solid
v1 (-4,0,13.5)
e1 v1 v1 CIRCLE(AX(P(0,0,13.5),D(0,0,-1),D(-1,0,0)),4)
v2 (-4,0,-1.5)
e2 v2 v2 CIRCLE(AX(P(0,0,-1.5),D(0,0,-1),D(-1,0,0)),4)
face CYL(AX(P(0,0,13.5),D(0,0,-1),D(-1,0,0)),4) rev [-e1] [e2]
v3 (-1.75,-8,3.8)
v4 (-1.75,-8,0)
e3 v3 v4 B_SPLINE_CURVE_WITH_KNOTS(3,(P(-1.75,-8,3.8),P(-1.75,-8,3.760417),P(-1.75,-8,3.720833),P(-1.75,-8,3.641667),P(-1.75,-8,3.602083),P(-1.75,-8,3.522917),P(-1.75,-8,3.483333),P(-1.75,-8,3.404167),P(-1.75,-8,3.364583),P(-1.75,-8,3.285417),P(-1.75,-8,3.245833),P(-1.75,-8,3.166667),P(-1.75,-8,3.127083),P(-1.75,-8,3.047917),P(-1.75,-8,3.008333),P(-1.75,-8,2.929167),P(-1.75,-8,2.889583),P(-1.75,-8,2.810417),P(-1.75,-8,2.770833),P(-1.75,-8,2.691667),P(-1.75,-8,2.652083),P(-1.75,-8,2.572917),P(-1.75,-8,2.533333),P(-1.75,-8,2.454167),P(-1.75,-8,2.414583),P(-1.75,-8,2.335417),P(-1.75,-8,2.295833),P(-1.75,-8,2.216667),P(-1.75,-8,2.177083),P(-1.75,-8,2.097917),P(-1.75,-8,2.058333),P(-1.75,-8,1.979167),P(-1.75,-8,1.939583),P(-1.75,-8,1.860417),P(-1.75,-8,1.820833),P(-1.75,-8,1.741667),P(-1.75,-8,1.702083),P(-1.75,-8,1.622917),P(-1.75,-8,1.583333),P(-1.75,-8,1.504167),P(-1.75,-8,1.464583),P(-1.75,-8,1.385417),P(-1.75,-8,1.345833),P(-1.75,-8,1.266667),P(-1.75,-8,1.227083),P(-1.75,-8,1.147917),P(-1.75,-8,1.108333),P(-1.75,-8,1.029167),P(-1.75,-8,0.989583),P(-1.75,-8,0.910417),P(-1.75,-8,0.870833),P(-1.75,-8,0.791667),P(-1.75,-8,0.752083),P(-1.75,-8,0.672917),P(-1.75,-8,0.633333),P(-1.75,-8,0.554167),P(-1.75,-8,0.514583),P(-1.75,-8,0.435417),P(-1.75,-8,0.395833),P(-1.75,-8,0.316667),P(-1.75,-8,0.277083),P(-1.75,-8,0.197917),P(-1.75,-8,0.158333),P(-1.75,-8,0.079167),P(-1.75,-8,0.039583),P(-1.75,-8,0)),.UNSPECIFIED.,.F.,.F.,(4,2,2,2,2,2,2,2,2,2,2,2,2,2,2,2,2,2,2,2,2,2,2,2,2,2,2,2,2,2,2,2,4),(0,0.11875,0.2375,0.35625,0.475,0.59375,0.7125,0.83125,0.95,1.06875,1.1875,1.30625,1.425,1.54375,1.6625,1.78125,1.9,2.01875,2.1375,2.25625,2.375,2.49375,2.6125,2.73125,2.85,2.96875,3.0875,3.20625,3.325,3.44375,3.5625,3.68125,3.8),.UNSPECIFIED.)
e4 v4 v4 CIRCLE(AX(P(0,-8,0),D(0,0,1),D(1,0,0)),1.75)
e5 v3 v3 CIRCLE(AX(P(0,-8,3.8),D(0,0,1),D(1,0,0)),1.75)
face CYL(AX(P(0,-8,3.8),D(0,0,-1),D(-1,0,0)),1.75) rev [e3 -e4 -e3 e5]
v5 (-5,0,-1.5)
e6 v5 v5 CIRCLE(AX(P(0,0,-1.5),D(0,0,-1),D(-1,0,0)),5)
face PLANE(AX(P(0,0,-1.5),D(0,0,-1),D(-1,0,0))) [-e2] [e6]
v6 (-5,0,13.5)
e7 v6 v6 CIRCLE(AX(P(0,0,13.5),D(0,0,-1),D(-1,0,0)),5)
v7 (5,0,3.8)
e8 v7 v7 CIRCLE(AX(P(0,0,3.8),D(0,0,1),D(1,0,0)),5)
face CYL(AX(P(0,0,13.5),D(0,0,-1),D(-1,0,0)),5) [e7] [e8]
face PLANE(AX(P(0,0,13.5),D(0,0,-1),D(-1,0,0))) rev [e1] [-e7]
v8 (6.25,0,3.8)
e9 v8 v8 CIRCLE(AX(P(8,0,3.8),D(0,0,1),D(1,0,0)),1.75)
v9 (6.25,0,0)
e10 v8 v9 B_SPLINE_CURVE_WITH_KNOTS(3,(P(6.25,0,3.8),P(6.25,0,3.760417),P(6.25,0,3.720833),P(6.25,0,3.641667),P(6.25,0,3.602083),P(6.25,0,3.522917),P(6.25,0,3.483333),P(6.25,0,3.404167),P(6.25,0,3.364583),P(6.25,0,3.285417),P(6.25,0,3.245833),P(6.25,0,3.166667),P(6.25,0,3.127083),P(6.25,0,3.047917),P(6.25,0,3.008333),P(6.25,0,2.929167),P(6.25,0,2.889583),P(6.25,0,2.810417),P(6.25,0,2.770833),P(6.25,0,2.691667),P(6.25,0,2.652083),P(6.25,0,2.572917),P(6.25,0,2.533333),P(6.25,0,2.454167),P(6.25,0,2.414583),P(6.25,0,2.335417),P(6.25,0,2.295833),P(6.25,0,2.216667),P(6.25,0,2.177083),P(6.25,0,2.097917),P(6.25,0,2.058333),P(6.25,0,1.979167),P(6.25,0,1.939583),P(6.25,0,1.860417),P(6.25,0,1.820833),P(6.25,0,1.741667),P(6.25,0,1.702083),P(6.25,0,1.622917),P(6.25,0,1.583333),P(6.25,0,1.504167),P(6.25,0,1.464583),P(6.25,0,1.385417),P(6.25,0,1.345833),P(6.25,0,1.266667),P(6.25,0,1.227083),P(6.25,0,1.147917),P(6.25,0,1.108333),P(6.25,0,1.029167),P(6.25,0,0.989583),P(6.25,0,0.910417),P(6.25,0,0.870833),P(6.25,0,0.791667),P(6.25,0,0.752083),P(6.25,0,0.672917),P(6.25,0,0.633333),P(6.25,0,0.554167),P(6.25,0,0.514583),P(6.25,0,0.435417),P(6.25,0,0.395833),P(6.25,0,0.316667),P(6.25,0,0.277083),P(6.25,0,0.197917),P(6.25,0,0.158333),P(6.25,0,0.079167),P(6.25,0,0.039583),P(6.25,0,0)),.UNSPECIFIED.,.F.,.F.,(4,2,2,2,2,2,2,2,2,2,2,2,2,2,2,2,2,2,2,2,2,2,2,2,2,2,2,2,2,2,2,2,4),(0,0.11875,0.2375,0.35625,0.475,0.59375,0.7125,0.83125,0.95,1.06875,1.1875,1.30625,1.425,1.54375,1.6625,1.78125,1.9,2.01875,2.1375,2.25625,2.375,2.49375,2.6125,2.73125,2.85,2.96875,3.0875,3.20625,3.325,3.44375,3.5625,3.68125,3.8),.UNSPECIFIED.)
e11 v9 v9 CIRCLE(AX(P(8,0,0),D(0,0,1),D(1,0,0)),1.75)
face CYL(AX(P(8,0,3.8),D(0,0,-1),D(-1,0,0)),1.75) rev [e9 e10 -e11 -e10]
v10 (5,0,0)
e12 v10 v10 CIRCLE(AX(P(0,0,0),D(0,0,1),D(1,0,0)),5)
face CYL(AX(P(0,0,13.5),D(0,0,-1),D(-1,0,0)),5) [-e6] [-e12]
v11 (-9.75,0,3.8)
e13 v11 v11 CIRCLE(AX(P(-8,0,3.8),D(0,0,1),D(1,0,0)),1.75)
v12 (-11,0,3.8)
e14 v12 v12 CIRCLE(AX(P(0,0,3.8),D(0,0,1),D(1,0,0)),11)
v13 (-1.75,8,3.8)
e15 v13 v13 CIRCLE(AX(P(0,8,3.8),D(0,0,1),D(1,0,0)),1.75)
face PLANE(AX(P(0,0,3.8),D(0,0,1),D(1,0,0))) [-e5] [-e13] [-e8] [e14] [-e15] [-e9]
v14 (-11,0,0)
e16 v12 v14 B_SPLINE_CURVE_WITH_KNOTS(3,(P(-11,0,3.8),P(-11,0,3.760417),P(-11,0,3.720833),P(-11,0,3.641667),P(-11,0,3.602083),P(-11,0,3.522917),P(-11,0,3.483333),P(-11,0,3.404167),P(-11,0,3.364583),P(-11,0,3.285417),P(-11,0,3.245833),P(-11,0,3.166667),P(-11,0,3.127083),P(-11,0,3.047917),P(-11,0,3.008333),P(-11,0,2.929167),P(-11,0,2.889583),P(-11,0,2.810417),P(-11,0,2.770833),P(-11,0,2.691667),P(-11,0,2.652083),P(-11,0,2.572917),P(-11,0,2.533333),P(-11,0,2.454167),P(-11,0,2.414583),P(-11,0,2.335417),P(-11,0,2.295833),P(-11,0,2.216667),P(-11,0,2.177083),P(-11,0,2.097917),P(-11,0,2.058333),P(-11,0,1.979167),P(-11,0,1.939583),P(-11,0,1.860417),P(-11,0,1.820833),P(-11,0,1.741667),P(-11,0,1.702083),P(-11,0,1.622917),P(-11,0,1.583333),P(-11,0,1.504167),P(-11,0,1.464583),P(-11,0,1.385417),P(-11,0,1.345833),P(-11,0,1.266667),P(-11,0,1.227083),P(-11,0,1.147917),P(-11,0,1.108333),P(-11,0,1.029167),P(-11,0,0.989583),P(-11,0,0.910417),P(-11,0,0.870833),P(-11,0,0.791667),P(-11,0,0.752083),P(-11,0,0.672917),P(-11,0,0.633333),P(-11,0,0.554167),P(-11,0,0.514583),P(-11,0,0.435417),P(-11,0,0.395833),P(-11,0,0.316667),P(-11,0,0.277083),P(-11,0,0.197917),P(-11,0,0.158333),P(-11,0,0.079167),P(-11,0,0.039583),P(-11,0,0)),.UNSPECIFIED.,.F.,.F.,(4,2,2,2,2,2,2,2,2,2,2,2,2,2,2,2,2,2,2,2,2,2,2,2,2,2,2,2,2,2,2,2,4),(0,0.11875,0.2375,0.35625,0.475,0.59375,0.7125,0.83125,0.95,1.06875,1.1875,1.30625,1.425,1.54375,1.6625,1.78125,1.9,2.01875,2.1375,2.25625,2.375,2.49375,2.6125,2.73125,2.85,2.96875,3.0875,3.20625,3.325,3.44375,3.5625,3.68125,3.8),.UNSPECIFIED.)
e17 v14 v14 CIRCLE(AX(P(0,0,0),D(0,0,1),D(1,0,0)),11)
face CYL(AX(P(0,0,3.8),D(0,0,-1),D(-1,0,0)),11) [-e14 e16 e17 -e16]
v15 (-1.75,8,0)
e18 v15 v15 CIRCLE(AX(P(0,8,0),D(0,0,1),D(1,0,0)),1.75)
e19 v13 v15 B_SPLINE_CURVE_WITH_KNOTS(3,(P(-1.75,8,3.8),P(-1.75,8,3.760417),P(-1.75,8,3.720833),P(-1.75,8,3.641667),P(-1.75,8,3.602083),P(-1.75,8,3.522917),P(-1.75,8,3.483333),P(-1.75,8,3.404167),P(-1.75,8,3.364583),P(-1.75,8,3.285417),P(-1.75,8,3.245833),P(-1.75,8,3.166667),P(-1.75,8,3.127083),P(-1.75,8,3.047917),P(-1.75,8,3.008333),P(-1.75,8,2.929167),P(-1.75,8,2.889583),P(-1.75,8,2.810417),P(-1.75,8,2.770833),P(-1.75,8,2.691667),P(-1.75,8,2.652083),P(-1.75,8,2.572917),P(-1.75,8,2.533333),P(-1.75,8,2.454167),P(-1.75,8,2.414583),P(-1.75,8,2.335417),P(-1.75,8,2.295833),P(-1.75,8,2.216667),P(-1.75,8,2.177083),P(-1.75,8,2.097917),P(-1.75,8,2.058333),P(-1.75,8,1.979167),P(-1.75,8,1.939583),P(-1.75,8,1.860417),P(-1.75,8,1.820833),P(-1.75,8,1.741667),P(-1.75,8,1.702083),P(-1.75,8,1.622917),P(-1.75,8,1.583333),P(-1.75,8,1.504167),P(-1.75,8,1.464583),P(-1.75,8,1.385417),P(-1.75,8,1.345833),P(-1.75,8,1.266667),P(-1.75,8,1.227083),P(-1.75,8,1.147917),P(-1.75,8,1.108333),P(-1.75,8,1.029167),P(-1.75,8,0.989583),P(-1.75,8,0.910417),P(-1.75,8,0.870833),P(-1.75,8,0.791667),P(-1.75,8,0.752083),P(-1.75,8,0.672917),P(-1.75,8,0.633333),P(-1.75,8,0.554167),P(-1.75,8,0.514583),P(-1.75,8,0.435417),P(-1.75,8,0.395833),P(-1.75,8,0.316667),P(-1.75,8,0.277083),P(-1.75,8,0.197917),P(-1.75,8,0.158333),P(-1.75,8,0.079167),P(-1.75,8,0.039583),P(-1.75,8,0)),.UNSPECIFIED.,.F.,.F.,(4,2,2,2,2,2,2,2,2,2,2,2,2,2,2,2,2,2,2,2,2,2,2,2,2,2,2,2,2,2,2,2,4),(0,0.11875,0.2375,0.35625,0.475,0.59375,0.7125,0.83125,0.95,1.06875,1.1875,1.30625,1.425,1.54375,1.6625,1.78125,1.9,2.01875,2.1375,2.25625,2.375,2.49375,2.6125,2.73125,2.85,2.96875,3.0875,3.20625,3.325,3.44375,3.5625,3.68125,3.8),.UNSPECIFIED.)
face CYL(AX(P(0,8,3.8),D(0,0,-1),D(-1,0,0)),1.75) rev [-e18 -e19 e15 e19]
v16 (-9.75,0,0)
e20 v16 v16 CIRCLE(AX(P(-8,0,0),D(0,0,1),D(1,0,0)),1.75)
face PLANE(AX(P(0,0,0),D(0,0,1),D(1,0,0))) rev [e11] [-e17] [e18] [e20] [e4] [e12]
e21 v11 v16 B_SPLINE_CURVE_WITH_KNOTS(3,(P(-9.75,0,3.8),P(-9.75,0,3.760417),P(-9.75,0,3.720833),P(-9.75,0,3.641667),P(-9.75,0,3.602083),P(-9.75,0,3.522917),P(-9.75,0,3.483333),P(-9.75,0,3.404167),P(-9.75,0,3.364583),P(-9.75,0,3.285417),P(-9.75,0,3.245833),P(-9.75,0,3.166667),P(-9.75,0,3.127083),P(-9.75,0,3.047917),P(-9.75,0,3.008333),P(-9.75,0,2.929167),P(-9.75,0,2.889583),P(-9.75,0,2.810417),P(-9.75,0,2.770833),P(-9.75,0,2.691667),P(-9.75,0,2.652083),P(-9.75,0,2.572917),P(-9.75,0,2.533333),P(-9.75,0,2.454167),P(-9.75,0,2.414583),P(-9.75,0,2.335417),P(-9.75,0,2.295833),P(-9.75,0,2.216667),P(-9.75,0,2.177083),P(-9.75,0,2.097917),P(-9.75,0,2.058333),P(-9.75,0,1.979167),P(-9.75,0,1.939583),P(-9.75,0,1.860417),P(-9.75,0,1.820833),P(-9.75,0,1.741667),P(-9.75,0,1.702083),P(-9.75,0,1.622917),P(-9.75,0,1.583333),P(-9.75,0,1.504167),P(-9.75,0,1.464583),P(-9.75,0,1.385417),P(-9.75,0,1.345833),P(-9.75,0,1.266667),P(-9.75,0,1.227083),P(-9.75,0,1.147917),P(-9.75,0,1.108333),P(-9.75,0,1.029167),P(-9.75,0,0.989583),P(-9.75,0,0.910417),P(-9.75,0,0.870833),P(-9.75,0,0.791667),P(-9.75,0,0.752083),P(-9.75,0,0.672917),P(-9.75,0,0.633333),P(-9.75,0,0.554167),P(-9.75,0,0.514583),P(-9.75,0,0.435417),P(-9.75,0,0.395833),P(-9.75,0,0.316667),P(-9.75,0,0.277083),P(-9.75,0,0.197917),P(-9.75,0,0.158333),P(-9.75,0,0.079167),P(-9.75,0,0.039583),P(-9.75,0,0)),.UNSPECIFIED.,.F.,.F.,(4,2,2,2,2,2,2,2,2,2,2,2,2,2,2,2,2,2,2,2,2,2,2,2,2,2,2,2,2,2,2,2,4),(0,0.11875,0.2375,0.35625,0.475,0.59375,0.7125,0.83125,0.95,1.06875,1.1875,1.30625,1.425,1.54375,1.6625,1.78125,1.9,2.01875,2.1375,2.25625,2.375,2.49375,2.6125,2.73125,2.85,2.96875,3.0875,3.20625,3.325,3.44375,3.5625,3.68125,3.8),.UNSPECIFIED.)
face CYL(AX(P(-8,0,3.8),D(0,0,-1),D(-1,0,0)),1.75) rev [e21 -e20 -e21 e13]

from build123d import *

# Parameters (mm, degrees)
SKETCH_1_R      = 11
SKETCH_1_R_2    = 5
SKETCH_1_R_3    = 1.75
EXTRUDE_1_DEPTH = 3.8
EXTRUDE_START   = 1.5
SKETCH_2_R      = 5
SKETCH_2_R_2    = 4
EXTRUDE_2_DEPTH = 15


with BuildPart() as part:
    # 草图1 → 凸台-拉伸1 (new body)
    with BuildSketch(Plane.XY):
        with Locations(Location((0, 0, 0), (0, 0, 180))):
            Circle(SKETCH_1_R)
        with Locations(Location((0, 0, 0), (0, 0, 180))):
            Circle(SKETCH_1_R_2, mode=Mode.SUBTRACT)
        with Locations(Location((-8, 0, 0), (0, 0, 180))):
            Circle(SKETCH_1_R_3, mode=Mode.SUBTRACT)
        with Locations(Location((0, 8, 0), (0, 0, 180))):
            Circle(SKETCH_1_R_3, mode=Mode.SUBTRACT)
        with Locations(Location((8, 0, 0), (0, 0, 180))):
            Circle(SKETCH_1_R_3, mode=Mode.SUBTRACT)
        with Locations(Location((0, -8, 0), (0, 0, 180))):
            Circle(SKETCH_1_R_3, mode=Mode.SUBTRACT)
    extrude(amount=EXTRUDE_1_DEPTH)

    # 草图2 → 凸台-拉伸2 (add)
    with BuildSketch(Plane(origin=(0, 0, 0), x_dir=(-1, 0, 0), z_dir=(0, 0, -1)).offset(EXTRUDE_START)):
        Circle(SKETCH_2_R)
        Circle(SKETCH_2_R_2, mode=Mode.SUBTRACT)
    extrude(amount=-EXTRUDE_2_DEPTH)


solid = part.part
